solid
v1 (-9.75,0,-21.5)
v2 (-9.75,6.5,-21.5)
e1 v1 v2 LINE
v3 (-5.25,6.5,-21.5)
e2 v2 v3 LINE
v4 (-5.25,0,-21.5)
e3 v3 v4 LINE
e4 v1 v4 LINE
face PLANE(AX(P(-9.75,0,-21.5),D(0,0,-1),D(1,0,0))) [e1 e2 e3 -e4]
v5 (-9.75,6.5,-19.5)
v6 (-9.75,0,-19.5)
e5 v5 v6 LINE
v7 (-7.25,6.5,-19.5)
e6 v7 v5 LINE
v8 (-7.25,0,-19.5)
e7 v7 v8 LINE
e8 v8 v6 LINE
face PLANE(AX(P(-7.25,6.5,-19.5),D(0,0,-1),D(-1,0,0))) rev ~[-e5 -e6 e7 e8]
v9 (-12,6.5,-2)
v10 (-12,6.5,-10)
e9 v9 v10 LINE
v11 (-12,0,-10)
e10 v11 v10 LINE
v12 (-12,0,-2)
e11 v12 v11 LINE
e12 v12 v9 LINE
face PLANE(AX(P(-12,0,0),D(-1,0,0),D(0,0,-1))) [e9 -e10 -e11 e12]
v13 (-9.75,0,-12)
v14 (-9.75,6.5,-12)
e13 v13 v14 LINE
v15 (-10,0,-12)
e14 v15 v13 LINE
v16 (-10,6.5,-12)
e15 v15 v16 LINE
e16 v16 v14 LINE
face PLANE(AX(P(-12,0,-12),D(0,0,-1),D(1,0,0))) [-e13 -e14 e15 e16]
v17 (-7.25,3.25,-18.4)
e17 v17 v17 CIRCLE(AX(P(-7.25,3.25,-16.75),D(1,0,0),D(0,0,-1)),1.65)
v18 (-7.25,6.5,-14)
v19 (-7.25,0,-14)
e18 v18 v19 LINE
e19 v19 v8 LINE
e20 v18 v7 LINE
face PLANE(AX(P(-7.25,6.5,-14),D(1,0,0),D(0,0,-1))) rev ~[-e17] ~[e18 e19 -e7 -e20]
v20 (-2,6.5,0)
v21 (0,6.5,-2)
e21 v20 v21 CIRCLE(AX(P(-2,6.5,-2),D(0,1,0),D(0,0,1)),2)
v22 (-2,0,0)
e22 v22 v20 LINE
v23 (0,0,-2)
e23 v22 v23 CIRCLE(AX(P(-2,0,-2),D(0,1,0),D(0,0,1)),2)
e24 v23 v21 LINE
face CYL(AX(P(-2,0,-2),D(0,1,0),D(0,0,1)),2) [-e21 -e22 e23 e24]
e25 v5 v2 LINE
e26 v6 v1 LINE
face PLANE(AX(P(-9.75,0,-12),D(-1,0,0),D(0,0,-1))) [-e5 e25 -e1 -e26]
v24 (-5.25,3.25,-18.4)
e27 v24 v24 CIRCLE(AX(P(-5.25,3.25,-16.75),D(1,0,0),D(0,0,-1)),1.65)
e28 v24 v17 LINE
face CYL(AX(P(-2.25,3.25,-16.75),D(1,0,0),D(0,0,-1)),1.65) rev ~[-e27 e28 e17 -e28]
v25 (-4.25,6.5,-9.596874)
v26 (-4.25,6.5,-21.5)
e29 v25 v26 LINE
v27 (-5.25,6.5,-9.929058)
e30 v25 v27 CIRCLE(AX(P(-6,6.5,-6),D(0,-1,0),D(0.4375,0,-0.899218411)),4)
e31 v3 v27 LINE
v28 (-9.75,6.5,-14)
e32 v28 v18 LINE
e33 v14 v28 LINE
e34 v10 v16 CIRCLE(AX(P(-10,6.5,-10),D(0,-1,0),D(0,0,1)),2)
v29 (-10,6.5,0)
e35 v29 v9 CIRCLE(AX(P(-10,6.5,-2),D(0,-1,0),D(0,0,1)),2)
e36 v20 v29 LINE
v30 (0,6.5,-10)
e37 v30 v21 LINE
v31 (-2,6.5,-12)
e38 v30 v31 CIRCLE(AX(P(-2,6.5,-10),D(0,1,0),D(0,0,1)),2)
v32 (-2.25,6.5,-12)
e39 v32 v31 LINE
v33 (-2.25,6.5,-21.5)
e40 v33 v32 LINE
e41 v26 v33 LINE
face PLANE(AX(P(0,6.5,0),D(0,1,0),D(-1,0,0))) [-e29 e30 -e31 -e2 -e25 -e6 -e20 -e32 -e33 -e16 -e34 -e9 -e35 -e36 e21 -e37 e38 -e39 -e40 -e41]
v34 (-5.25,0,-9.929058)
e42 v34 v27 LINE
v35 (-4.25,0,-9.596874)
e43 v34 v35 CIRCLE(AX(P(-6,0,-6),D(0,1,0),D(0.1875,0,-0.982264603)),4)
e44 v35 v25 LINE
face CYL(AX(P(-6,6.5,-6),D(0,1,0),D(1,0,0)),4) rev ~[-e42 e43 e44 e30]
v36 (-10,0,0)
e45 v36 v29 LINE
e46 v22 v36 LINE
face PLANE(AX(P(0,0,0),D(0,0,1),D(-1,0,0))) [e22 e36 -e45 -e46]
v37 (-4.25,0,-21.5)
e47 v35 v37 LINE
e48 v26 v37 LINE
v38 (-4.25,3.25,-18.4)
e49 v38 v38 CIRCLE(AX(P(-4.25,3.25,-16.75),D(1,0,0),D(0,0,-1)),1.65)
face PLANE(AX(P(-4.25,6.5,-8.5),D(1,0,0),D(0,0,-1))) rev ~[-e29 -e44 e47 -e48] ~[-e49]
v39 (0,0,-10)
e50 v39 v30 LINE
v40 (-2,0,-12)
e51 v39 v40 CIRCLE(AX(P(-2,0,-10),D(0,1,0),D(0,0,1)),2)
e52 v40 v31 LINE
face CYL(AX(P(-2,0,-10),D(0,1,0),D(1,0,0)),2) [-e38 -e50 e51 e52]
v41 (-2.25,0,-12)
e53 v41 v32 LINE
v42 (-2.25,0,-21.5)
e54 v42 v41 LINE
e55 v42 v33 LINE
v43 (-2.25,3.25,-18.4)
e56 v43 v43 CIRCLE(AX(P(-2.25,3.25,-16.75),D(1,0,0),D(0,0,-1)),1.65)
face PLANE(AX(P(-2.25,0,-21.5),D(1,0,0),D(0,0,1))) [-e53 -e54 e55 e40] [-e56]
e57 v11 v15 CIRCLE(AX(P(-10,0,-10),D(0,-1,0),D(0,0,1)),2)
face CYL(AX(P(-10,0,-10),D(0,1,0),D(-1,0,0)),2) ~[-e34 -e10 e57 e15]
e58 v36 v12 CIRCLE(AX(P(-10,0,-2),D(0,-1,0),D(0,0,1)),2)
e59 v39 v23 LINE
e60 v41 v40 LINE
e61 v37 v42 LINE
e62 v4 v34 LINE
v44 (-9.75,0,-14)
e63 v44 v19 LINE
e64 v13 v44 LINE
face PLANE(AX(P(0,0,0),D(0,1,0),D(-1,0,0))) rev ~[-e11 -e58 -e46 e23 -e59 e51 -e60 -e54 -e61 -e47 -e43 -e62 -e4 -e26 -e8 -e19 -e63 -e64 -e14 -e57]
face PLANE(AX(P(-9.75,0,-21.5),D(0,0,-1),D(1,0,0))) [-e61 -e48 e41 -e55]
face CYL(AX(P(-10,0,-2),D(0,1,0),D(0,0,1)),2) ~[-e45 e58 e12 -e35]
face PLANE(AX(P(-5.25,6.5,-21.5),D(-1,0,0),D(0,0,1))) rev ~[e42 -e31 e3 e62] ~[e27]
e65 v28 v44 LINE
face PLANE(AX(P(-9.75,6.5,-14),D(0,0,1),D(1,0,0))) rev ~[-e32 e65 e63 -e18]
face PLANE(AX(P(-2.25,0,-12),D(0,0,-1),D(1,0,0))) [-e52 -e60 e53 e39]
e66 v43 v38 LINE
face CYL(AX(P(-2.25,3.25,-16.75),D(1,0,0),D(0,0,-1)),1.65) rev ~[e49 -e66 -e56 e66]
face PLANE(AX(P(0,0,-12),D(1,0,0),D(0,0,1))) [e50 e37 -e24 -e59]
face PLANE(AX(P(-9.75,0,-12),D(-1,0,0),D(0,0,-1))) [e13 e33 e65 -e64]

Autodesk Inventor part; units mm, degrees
ref_plane "YZ Plane" through (0, 0, 0) normal (1, 0, 0) x (0, 1, 0)
ref_plane "XZ Plane" through (0, 0, 0) normal (0, 1, 0) x (-1, 0, 0)
ref_plane "XY Plane" through (0, 0, 0) normal (0, 0, 1) x (1, 0, 0)
sketch "Sketch4" plane through (0, 0, 0) normal (0, 1, 0) x (-1, 0, 0)
  line L0 (0, 0) -> (12, 0)
  line L1 (12, 0) -> (12, -12)
  line L2 (12, -12) -> (9.75, -12)
  line L3 (9.75, -12) -> (9.75, -21.5)
  line L4 (9.75, -21.5) -> (2.25, -21.5)
  line L5 (2.25, -21.5) -> (2.25, -12)
  line L6 (2.25, -12) -> (0, -12)
  line L7 (0, -12) -> (0, 0)
  dimension "d17" = 12
  dimension "d18" = 12
  dimension "d19" = 7.5
  dimension "d20" = 2.25
  dimension "d21" = 9.5
extrude "Extrusion2" add sketch "Sketch4" along normal blind 6.5
sketch "Sketch5" plane through (0, 6.5, 0) normal (0, 1, 0) x (1, 0, 0)
  line L0 (-9.75, 14) -> (-7.25, 14)
  line L1 (-7.25, 14) -> (-7.25, 19.5)
  line L2 (-7.25, 19.5) -> (-9.75, 19.5)
  line L3 (-9.75, 19.5) -> (-9.75, 14)
  line L4 (-2.25, 21.5) -> (-9.75, 21.5) projected
  line L5 (-9.75, 21.5) -> (-9.75, 12) projected
  point P0 (0, 0)
  dimension "d24" = 5.5
  dimension "d25" = 2.5
  dimension "d26" = 2
extrude "Extrusion3" cut sketch "Sketch5" against normal through all
sketch "Sketch6" plane through (0, 6.5, 0) normal (0, 1, 0) x (1, 0, 0)
  circle A0 centre (-6, 6) radius 4
  line L0 (-12, 0) -> (0, 0) projected
  line L1 (0, 0) -> (0, 12) projected
  dimension "d29" = 8
  dimension "d30" = 6
  dimension "d31" = 6
extrude "Extrusion4" cut sketch "Sketch6" against normal through all
sketch "Sketch7" plane through (0, 6.5, 0) normal (0, 1, 0) x (1, 0, 0)
  line L0 (-5.25, 8.5) -> (-4.25, 8.5)
  line L1 (-4.25, 8.5) -> (-4.25, 21.5)
  line L2 (-4.25, 21.5) -> (-5.25, 21.5)
  line L3 (-5.25, 21.5) -> (-5.25, 8.5)
  line L4 (-2.25, 21.5) -> (-9.75, 21.5) projected
  line L5 (-2.25, 12) -> (-2.25, 21.5) projected
  point P0 (0, 0)
  dimension "d34" = 1
  dimension "d35" = 13
  dimension "d36" = 2
extrude "Extrusion5" cut sketch "Sketch7" against normal through all
sketch "Sketch8" plane through (-2.25, 0, -12) normal (1, 0, 0) x (0, 0, -1)
  circle A0 centre (4.75, 3.25) radius 1.65
  line L0 (0, 0) -> (9.5, 0) projected
  line L1 (9.5, 0) -> (9.5, 6.5) projected
  point P0 (-12, 0)
  dimension "d39" = 3.3
  dimension "d40" = 3.25
  dimension "d41" = 4.75
extrude "Extrusion6" cut sketch "Sketch8" against normal through all
fillet "Fillet1" radius 2 4 edges at (-12, 3.25, -12) (-12, 3.25, 0) (0, 3.25, 0) (0, 3.25, -12)
properties part number "COLLIER"
